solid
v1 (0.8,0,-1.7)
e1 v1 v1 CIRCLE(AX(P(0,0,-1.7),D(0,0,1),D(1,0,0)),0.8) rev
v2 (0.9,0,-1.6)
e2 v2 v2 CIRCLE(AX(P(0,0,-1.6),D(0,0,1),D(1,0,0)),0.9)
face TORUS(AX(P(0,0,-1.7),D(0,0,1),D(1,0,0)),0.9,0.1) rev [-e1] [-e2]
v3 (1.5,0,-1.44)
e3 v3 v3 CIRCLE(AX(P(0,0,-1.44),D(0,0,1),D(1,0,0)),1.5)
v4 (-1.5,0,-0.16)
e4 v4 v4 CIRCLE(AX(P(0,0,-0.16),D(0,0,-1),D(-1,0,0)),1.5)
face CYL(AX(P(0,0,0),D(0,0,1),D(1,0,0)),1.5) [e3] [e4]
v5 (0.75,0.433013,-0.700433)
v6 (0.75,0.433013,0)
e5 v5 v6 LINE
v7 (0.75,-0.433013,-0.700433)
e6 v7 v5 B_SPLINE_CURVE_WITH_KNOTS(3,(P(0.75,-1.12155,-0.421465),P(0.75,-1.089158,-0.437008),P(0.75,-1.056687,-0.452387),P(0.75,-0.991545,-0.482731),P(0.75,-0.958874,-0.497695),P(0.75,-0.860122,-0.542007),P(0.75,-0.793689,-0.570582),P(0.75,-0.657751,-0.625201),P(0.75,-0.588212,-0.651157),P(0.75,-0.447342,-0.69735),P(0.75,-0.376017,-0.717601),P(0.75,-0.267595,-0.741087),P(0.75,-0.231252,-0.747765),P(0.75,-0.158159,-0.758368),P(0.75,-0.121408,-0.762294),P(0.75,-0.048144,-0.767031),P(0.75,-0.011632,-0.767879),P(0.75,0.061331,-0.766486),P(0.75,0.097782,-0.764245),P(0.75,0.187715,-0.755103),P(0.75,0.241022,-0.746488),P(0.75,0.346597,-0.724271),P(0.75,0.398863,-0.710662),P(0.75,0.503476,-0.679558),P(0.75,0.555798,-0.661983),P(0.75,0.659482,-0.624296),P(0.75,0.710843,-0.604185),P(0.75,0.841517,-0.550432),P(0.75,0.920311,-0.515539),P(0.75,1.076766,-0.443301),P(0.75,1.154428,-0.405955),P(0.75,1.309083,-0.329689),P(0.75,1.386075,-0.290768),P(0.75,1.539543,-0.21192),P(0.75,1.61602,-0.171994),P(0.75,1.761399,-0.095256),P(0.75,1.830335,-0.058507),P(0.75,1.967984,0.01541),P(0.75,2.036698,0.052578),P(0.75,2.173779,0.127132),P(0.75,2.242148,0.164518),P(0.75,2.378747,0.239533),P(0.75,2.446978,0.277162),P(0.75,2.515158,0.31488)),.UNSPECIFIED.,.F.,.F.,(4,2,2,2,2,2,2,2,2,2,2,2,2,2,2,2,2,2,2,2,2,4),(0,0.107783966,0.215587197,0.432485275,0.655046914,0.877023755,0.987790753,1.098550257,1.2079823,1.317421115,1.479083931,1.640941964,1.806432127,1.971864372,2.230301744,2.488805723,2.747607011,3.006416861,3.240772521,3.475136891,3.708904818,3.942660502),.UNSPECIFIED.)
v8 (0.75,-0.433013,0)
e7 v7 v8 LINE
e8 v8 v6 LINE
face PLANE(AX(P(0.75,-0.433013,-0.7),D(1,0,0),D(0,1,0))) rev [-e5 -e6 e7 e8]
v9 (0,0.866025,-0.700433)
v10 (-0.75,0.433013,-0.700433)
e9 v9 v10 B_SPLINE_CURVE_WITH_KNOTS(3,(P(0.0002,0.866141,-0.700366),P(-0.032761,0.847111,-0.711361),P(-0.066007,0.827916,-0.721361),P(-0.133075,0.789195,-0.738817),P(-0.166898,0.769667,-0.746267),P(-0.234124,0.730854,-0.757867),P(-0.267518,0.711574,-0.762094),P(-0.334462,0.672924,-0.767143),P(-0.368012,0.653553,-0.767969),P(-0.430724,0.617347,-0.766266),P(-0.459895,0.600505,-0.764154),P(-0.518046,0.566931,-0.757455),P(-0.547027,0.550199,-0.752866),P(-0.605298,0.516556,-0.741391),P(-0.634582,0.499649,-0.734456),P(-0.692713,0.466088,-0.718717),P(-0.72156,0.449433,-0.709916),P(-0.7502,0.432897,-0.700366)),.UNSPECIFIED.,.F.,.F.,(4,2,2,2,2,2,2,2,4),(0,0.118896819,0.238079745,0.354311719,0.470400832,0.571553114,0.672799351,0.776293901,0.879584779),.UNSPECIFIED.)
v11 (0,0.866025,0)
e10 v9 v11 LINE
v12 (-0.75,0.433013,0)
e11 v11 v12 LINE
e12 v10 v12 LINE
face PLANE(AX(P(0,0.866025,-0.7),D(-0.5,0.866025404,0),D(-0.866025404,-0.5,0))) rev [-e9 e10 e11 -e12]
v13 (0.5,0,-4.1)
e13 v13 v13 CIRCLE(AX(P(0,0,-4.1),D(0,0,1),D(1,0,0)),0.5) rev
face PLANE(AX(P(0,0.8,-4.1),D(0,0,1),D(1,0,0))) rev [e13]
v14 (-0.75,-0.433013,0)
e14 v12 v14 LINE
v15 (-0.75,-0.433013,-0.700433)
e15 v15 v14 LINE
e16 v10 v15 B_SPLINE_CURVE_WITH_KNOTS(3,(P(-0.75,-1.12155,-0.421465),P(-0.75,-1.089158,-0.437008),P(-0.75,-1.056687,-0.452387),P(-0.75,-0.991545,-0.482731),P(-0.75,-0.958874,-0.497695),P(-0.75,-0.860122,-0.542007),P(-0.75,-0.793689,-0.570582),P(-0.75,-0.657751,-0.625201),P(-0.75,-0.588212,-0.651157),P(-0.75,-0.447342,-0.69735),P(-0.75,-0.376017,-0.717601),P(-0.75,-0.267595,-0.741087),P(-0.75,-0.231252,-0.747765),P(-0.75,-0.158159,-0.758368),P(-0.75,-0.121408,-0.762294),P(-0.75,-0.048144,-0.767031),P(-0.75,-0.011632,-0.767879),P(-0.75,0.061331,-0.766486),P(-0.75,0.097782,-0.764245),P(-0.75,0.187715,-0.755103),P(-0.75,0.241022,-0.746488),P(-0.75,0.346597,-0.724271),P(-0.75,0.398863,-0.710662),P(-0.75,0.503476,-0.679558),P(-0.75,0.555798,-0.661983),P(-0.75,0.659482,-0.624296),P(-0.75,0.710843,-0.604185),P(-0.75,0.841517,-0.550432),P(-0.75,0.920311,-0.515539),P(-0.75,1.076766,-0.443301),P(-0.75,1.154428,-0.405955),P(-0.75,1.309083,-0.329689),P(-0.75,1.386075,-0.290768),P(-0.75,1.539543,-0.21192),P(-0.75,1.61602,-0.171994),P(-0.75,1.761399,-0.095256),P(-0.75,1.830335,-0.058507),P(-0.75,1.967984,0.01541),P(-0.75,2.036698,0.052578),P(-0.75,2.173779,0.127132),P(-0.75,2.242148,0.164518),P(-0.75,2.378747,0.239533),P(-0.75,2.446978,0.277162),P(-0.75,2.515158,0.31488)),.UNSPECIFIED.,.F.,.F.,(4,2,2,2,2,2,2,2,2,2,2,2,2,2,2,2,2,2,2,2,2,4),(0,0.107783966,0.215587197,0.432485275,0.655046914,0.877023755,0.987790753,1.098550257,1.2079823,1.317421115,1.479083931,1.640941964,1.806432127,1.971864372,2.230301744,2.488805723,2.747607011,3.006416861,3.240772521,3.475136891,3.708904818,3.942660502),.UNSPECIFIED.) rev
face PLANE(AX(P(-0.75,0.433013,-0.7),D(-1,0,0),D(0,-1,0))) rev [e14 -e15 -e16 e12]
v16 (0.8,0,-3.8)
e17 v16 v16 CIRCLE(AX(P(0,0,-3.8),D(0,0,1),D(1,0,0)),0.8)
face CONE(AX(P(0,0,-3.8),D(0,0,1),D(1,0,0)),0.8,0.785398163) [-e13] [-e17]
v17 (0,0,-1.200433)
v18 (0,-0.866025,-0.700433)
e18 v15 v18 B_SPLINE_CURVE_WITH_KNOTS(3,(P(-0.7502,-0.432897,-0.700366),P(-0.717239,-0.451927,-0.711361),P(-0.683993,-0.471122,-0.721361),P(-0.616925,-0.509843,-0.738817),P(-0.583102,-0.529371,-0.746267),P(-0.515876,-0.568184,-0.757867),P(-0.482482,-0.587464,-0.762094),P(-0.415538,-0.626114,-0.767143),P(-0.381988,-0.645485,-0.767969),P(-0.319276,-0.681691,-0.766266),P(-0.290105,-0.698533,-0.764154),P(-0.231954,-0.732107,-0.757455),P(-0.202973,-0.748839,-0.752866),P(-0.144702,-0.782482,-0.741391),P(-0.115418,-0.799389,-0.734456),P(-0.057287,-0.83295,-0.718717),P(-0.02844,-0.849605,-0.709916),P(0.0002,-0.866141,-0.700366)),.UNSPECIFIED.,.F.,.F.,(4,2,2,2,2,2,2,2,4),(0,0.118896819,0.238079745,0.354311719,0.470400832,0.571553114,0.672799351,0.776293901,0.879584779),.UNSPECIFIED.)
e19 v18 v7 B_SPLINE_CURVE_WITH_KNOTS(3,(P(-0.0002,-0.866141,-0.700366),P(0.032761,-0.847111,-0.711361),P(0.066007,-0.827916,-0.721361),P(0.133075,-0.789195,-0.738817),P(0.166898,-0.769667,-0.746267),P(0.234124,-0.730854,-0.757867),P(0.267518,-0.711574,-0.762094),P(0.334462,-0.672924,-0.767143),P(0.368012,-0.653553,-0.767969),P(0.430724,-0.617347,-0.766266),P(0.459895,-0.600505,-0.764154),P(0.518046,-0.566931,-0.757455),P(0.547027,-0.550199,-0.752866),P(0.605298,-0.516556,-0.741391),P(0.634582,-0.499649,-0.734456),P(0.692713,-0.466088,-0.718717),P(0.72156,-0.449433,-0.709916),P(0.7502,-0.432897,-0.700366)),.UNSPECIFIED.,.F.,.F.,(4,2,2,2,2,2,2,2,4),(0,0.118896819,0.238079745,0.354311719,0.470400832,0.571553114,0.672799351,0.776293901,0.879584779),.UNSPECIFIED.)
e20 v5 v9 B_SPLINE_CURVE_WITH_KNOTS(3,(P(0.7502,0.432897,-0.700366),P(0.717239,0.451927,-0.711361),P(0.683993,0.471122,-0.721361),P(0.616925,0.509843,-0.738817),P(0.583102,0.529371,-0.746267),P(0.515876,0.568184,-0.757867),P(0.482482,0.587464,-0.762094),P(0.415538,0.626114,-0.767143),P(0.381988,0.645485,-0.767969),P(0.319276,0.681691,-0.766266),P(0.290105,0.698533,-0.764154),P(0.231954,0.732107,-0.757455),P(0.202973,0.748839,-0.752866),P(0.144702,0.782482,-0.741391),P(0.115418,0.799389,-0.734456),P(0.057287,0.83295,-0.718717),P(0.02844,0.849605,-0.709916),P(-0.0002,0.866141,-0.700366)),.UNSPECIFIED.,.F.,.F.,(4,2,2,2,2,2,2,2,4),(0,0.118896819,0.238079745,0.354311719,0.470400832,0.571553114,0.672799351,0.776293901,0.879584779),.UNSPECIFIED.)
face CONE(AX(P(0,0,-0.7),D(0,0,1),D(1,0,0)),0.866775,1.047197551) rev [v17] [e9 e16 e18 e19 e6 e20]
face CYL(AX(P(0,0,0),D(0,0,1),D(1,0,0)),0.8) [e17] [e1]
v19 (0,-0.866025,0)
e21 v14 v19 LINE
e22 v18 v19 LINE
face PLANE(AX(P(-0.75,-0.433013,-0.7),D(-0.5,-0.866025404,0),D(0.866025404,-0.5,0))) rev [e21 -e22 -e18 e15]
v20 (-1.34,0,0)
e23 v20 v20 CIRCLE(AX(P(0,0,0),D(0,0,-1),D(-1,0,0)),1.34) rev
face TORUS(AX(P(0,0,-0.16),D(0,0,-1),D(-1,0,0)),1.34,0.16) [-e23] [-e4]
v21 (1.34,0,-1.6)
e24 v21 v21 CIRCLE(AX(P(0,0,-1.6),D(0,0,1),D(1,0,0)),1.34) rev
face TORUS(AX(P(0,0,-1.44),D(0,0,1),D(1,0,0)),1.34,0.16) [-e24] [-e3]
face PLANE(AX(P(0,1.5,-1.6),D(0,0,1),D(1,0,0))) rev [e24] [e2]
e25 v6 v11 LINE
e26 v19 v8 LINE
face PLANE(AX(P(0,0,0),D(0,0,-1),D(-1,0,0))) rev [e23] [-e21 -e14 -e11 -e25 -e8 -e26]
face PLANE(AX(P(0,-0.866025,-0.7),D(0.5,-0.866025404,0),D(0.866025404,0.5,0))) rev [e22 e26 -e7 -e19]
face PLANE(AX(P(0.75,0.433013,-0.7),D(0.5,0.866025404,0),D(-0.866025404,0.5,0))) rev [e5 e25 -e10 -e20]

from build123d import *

# Parameters (mm, degrees)
CHAMFERROD_SIZE = 0.3
FILLETHEAD_R    = 0.16
HEXHEAD_DEPTH   = 0.7
HEXHEAD2_DEPTH  = 0.55463
FILLET1_R       = 0.1


with BuildPart() as part:
    # Sketch1 → RevolveBase (revolve)
    with BuildSketch(Plane(origin=(0, 0, 0), x_dir=(0, 0, -1), z_dir=(1, 0, 0))):
        Polygon((0, 0), (0, 1.5), (1.6, 1.5), (1.6, 0.8), (4.1, 0.8), (4.1, 0), align=None)
    revolve(axis=Axis((0, 0, 0), (0, 0, -1)))

    # ChamferRod
    chamferrod_edges = [part.edges().sort_by_distance(p)[0] for p in [
        (0, -0.8, -4.1),
    ]]
    chamfer(chamferrod_edges, length=CHAMFERROD_SIZE)

    # FilletHead
    fillethead_edges = [part.edges().sort_by_distance(p)[0] for p in [
        (0, -1.5, -1.6),
        (0, -1.5, 0),
    ]]
    fillet(fillethead_edges, radius=FILLETHEAD_R)

    # Sketch2 → HexHead (cut)
    with BuildSketch(Plane.XY):
        Polygon((0, 0.866025404), (-0.75, 0.433012702), (-0.75, -0.433012702), (0, -0.866025404), (0.75, -0.433012702), (0.75, 0.433012702), align=None)
    extrude(amount=-HEXHEAD_DEPTH, mode=Mode.SUBTRACT)

    # Sketch3 → HexHead2 (cut)
    with BuildSketch(Plane.XY.offset(-0.7)):
        Polygon((0, 0.866025404), (-0.75, 0.433012702), (-0.75, -0.433012702), (0, -0.866025404), (0.75, -0.433012702), (0.75, 0.433012702), align=None)
    extrude(amount=-HEXHEAD2_DEPTH, mode=Mode.SUBTRACT)

    # Sketch4 → RevolveHexHead (revolve)
    with BuildSketch(Plane(origin=(0, 0, 0), x_dir=(0, 0, -1), z_dir=(1, 0, 0))):
        Polygon((1.20043278, 0), (1.254629995, 0), (1.254629995, 0.866775), (0.7, 0.866775), align=None)
    revolve(axis=Axis((0, 0, 0), (0, 0, -1)))

    # Fillet1
    fillet1_edges = [part.edges().sort_by_distance(p)[0] for p in [
        (0, -0.8, -1.6),
    ]]
    fillet(fillet1_edges, radius=FILLET1_R)


solid = part.part
